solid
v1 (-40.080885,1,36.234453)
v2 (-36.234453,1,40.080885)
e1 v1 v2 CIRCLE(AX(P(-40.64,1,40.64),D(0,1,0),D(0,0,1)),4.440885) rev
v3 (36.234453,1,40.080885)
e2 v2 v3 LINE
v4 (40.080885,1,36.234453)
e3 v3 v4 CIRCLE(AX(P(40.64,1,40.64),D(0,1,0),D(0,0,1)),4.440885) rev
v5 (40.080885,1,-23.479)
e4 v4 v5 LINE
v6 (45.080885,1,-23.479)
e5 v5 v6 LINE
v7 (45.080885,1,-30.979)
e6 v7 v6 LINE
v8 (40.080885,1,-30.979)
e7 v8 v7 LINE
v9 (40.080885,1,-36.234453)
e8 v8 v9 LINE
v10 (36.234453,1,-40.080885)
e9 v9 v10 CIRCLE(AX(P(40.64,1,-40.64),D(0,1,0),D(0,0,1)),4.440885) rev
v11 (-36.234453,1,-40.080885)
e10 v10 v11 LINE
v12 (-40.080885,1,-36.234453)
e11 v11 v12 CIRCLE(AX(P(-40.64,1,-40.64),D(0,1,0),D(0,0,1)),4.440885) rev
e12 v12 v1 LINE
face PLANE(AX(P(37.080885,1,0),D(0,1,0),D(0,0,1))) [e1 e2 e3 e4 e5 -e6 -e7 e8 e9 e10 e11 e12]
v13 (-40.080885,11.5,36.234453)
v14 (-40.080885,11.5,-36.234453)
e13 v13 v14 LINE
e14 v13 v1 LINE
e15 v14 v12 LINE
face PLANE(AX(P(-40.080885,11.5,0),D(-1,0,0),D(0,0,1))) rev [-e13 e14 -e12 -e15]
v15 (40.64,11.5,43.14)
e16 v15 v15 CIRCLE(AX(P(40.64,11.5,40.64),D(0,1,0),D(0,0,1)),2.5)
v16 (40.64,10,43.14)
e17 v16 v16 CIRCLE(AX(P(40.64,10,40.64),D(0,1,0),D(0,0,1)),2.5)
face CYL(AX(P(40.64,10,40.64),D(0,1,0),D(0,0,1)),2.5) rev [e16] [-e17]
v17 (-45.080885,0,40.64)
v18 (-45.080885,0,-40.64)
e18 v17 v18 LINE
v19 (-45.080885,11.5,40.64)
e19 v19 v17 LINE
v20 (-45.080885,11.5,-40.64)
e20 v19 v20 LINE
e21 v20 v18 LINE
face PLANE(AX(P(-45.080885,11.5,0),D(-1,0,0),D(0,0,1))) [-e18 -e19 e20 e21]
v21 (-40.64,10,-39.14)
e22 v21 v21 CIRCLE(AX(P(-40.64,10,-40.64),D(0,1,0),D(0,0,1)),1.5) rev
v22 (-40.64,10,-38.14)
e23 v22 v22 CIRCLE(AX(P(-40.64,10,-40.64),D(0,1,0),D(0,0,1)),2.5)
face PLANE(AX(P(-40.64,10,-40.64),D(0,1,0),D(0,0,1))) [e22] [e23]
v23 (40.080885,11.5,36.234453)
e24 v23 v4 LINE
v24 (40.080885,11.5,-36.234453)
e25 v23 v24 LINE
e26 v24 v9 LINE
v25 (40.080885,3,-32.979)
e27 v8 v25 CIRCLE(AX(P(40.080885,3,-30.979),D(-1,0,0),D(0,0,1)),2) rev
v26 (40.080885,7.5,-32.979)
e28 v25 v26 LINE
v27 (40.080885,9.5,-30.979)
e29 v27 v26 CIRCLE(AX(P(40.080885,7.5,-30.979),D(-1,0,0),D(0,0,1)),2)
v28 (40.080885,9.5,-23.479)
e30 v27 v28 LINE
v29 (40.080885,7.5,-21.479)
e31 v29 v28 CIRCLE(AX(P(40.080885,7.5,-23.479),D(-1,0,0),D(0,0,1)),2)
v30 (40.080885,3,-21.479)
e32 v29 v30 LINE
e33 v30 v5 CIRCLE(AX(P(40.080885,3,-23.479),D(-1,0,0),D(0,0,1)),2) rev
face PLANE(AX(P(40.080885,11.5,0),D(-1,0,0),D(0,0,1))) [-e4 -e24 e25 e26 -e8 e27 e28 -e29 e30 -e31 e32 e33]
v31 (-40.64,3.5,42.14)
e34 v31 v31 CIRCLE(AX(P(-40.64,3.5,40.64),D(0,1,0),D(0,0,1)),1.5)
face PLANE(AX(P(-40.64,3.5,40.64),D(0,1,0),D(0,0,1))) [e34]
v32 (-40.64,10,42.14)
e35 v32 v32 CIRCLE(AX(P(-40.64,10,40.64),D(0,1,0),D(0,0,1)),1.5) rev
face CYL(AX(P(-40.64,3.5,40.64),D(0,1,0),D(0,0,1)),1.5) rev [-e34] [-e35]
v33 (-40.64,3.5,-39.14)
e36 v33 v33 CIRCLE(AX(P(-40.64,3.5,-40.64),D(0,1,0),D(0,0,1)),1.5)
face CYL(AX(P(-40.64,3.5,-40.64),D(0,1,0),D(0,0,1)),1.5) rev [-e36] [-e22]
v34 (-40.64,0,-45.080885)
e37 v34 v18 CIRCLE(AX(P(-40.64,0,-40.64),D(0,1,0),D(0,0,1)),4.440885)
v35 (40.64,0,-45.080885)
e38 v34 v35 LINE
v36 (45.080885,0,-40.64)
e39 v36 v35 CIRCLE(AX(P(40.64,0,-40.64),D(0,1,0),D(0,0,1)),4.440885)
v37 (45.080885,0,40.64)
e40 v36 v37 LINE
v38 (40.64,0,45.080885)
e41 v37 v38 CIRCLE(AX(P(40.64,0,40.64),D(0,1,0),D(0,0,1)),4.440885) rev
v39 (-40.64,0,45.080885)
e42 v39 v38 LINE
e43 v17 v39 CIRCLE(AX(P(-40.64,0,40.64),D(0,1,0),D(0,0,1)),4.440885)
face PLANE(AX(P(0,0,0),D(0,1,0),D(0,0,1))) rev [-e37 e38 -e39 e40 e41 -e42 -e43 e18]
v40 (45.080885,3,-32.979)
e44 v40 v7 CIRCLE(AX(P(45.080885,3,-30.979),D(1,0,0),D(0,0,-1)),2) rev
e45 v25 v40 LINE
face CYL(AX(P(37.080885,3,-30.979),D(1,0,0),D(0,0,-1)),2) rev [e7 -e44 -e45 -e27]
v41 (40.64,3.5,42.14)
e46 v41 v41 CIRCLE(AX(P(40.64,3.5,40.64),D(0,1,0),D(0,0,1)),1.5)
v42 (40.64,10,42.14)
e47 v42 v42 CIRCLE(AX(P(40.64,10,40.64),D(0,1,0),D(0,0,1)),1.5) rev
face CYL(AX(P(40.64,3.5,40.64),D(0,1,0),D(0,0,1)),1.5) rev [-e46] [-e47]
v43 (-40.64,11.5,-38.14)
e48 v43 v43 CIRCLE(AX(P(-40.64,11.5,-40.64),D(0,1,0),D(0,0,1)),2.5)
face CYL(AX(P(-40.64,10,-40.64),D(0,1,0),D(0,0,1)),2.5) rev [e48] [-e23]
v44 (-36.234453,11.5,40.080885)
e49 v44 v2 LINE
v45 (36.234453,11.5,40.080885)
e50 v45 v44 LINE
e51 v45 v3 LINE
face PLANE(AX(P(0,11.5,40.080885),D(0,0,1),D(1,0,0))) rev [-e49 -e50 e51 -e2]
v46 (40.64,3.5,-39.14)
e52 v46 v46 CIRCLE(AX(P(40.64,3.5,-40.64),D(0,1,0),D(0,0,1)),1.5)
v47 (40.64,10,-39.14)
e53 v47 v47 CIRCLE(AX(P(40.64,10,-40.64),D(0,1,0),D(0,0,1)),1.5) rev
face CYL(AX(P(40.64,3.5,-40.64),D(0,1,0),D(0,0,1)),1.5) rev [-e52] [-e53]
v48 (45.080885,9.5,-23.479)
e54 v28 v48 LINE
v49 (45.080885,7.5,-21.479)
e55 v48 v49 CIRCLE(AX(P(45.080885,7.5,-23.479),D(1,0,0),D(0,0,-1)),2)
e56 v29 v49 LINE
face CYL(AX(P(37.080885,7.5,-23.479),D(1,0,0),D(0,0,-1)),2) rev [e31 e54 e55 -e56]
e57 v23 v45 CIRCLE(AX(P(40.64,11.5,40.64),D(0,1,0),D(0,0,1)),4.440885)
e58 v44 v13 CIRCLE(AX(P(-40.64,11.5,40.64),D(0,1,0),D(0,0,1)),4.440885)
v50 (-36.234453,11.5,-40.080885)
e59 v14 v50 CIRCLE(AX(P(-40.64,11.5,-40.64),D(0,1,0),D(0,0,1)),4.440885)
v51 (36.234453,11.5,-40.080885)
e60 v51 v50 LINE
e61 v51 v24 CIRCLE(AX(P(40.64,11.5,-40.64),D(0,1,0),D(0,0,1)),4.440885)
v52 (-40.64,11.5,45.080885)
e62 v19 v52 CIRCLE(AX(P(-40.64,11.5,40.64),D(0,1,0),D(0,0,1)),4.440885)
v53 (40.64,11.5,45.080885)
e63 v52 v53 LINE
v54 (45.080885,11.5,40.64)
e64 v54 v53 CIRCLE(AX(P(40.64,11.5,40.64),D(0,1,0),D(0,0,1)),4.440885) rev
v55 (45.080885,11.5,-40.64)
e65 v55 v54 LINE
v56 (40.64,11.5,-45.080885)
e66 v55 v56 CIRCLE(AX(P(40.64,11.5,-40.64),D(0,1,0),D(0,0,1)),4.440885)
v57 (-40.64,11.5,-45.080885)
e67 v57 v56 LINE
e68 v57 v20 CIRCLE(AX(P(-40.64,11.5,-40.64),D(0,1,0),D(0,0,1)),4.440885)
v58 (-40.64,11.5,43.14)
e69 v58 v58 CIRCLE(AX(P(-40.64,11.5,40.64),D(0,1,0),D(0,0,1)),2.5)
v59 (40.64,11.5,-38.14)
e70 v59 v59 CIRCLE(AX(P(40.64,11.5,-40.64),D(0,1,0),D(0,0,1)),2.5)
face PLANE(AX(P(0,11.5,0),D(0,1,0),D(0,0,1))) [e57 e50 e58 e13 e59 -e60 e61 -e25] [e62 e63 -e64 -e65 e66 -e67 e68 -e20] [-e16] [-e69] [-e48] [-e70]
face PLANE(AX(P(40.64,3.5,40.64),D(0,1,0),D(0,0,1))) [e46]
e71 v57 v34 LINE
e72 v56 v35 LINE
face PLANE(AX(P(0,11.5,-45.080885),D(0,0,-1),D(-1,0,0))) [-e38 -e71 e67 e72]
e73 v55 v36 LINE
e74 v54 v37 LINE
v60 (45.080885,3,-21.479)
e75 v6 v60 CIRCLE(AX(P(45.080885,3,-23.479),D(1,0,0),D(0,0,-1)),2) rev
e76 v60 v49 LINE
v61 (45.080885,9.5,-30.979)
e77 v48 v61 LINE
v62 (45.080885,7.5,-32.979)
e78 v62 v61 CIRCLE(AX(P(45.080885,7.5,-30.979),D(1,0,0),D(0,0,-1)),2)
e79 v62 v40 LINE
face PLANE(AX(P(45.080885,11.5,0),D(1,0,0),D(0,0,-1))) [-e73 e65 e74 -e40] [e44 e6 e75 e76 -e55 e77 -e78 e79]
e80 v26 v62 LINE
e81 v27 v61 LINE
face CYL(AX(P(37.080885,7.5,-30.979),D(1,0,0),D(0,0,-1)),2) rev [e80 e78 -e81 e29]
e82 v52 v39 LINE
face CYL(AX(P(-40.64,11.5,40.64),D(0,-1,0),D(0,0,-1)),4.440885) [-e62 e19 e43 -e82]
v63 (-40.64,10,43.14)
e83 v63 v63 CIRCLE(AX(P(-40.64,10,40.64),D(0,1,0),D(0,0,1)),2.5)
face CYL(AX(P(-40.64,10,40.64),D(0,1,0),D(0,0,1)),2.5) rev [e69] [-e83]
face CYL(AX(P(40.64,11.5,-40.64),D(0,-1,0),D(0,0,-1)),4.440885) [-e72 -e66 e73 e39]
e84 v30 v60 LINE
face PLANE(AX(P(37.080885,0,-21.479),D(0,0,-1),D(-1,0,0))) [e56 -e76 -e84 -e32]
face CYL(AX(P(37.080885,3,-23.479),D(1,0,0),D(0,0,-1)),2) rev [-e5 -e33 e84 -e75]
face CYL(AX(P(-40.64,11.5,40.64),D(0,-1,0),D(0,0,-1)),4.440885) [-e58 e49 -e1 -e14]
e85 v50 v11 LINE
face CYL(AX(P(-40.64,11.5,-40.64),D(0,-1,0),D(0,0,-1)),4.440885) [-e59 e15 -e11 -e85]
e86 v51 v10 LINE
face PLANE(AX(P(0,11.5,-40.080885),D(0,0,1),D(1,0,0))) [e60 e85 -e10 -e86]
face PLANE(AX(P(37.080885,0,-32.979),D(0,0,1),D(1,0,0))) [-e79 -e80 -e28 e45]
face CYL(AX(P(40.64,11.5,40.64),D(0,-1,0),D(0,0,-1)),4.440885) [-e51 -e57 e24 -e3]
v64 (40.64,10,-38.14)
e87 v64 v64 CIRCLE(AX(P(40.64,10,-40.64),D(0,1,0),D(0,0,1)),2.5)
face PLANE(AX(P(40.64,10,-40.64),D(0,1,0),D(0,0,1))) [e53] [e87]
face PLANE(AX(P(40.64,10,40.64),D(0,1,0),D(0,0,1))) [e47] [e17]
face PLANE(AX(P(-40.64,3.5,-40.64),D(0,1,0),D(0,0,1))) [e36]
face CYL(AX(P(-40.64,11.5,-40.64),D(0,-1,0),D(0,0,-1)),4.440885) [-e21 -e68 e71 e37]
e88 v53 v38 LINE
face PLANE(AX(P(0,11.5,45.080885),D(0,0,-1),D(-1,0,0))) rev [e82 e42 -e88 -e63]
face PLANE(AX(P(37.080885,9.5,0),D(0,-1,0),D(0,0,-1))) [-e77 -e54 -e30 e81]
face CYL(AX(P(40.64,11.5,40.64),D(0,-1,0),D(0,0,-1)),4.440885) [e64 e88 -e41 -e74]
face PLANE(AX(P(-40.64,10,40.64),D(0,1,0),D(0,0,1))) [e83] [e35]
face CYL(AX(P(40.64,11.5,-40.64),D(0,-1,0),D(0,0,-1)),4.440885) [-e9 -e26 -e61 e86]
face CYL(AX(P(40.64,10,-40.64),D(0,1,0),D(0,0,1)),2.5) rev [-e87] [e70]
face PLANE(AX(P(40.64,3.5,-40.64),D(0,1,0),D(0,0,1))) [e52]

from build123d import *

# Parameters (mm, degrees)
SKETCH1_W           = 7.937979337
SKETCH1_H           = 0.559115352
BOSS_EXTRUDE1_DEPTH = 11.5
SKETCH2_R           = 1.5
CUT_EXTRUDE1_DEPTH  = 8
CUT_EXTRUDE2_DEPTH  = 8
SKETCH4_R           = 2.5
CUT_EXTRUDE3_DEPTH  = 1.5
BOSS_EXTRUDE2_DEPTH = 1


with BuildPart() as part:
    # Sketch1 → Boss-Extrude1 (new body)
    with BuildSketch(Plane(origin=(0, 0, 0), x_dir=(1, 0, 0), z_dir=(0, 1, 0))):
        with BuildLine():
            Line((-40.080884648, -36.23445276), (-40.080884648, 18.423402639))
            Line((-40.080884648, 18.423402639), (-40.64, 18.423402639))
            Line((-40.64, 18.423402639), (-40.64, -36.199115352))
            ThreePointArc((-40.64, -36.199115352), (-40.359884529, -36.207958509), (-40.080884648, -36.23445276))
        make_face()
        with BuildLine():
            Line((-40.080884648, 18.423402639), (-40.080884648, 36.23445276))
            ThreePointArc((-40.080884648, 36.23445276), (-40.359884529, 36.207958509), (-40.64, 36.199115352))
            Line((-40.64, 36.199115352), (-40.64, 18.423402639))
            Line((-40.64, 18.423402639), (-40.080884648, 18.423402639))
        make_face()
        with BuildLine():
            Line((-36.23445276, 40.080884648), (-7.937979337, 40.080884648))
            Line((-7.937979337, 40.080884648), (-7.937979337, 40.64))
            Line((-7.937979337, 40.64), (-36.199115352, 40.64))
            ThreePointArc((-36.199115352, 40.64), (-36.207958509, 40.359884529), (-36.23445276, 40.080884648))
        make_face()
        with BuildLine():
            Line((0, 40.64), (0, 40.080884648))
            Line((0, 40.080884648), (36.23445276, 40.080884648))
            ThreePointArc((36.23445276, 40.080884648), (36.207958509, 40.359884529), (36.199115352, 40.64))
            Line((36.199115352, 40.64), (0, 40.64))
        make_face()
        with Locations((-3.968989669, 40.360442324)):
            Rectangle(SKETCH1_W, SKETCH1_H)
        with BuildLine():
            ThreePointArc((40.64, 36.199115352), (40.359884529, 36.207958509), (40.080884648, 36.23445276))
            Line((40.080884648, 36.23445276), (40.080884648, 28.268480093))
            Line((40.080884648, 28.268480093), (40.64, 28.268480093))
            Line((40.64, 28.268480093), (40.64, 36.199115352))
        make_face()
        with BuildLine():
            Line((40.64, 28.268480093), (40.080884648, 28.268480093))
            Line((40.080884648, 28.268480093), (40.080884648, -36.23445276))
            ThreePointArc((40.080884648, -36.23445276), (40.359884529, -36.207958509), (40.64, -36.199115352))
            Line((40.64, -36.199115352), (40.64, 28.268480093))
        make_face()
        with BuildLine():
            ThreePointArc((40.64, -36.199115352), (40.359884529, -36.207958509), (40.080884648, -36.23445276))
            ThreePointArc((40.080884648, -36.23445276), (37.499820351, -37.499820351), (36.23445276, -40.080884648))
            ThreePointArc((36.23445276, -40.080884648), (36.207958509, -40.359884529), (36.199115352, -40.64))
            Line((36.199115352, -40.64), (40.64, -40.64))
            Line((40.64, -40.64), (40.64, -36.199115352))
        make_face()
        with BuildLine():
            ThreePointArc((45.080884648, -40.64), (43.780179649, -37.499820351), (40.64, -36.199115352))
            Line((40.64, -36.199115352), (40.64, -40.64))
            Line((40.64, -40.64), (36.199115352, -40.64))
            ThreePointArc((36.199115352, -40.64), (37.499820351, -43.780179649), (40.64, -45.080884648))
            ThreePointArc((40.64, -45.080884648), (43.780179649, -43.780179649), (45.080884648, -40.64))
        make_face()
        with BuildLine():
            ThreePointArc((36.199115352, -40.64), (36.207958509, -40.359884529), (36.23445276, -40.080884648))
            Line((36.23445276, -40.080884648), (27.085817246, -40.080884648))
            Line((27.085817246, -40.080884648), (27.085817246, -40.64))
            Line((27.085817246, -40.64), (36.199115352, -40.64))
        make_face()
        with BuildLine():
            Line((27.085817246, -40.080884648), (-36.23445276, -40.080884648))
            ThreePointArc((-36.23445276, -40.080884648), (-36.207958509, -40.359884529), (-36.199115352, -40.64))
            Line((-36.199115352, -40.64), (27.085817246, -40.64))
            Line((27.085817246, -40.64), (27.085817246, -40.080884648))
        make_face()
        with BuildLine():
            Line((-40.64, -40.64), (-40.64, -36.199115352))
            ThreePointArc((-40.64, -36.199115352), (-43.780179649, -37.499820351), (-45.080884648, -40.64))
            ThreePointArc((-45.080884648, -40.64), (-43.780179649, -43.780179649), (-40.64, -45.080884648))
            ThreePointArc((-40.64, -45.080884648), (-37.499820351, -43.780179649), (-36.199115352, -40.64))
            Line((-36.199115352, -40.64), (-40.64, -40.64))
        make_face()
        with BuildLine():
            ThreePointArc((-36.23445276, -40.080884648), (-37.499820351, -37.499820351), (-40.080884648, -36.23445276))
            ThreePointArc((-40.080884648, -36.23445276), (-40.359884529, -36.207958509), (-40.64, -36.199115352))
            Line((-40.64, -36.199115352), (-40.64, -40.64))
            Line((-40.64, -40.64), (-36.199115352, -40.64))
            ThreePointArc((-36.199115352, -40.64), (-36.207958509, -40.359884529), (-36.23445276, -40.080884648))
        make_face()
        with BuildLine():
            Line((-40.64, -40.64), (-40.64, -36.199115352))
            ThreePointArc((-40.64, -36.199115352), (-43.780179649, -37.499820351), (-45.080884648, -40.64))
            ThreePointArc((-45.080884648, -40.64), (-43.780179649, -43.780179649), (-40.64, -45.080884648))
            ThreePointArc((-40.64, -45.080884648), (-37.499820351, -43.780179649), (-36.199115352, -40.64))
            Line((-36.199115352, -40.64), (-40.64, -40.64))
        make_face()
        with BuildLine():
            Line((27.085817246, -40.64), (-36.199115352, -40.64))
            ThreePointArc((-36.199115352, -40.64), (-37.499820351, -43.780179649), (-40.64, -45.080884648))
            Line((-40.64, -45.080884648), (27.085817246, -45.080884648))
            Line((27.085817246, -45.080884648), (27.085817246, -40.64))
        make_face()
        with BuildLine():
            Line((-40.64, -36.199115352), (-40.64, 18.423402639))
            Line((-40.64, 18.423402639), (-45.080884648, 18.423402639))
            Line((-45.080884648, 18.423402639), (-45.080884648, -40.64))
            ThreePointArc((-45.080884648, -40.64), (-43.780179649, -37.499820351), (-40.64, -36.199115352))
        make_face()
        with BuildLine():
            ThreePointArc((45.080884648, -40.64), (43.780179649, -37.499820351), (40.64, -36.199115352))
            Line((40.64, -36.199115352), (40.64, -40.64))
            Line((40.64, -40.64), (36.199115352, -40.64))
            ThreePointArc((36.199115352, -40.64), (37.499820351, -43.780179649), (40.64, -45.080884648))
            ThreePointArc((40.64, -45.080884648), (43.780179649, -43.780179649), (45.080884648, -40.64))
        make_face()
        with BuildLine():
            ThreePointArc((40.64, -45.080884648), (37.499820351, -43.780179649), (36.199115352, -40.64))
            Line((36.199115352, -40.64), (27.085817246, -40.64))
            Line((27.085817246, -40.64), (27.085817246, -45.080884648))
            Line((27.085817246, -45.080884648), (40.64, -45.080884648))
        make_face()
        with BuildLine():
            Line((45.080884648, 28.268480093), (40.64, 28.268480093))
            Line((40.64, 28.268480093), (40.64, -36.199115352))
            ThreePointArc((40.64, -36.199115352), (43.780179649, -37.499820351), (45.080884648, -40.64))
            Line((45.080884648, -40.64), (45.080884648, 28.268480093))
        make_face()
        with BuildLine():
            ThreePointArc((45.080884648, 40.64), (43.780179649, 37.499820351), (40.64, 36.199115352))
            Line((40.64, 36.199115352), (40.64, 28.268480093))
            Line((40.64, 28.268480093), (45.080884648, 28.268480093))
            Line((45.080884648, 28.268480093), (45.080884648, 40.64))
        make_face()
        with BuildLine():
            ThreePointArc((40.64, 45.080884648), (37.499820351, 43.780179649), (36.199115352, 40.64))
            Line((36.199115352, 40.64), (40.64, 40.64))
            Line((40.64, 40.64), (40.64, 36.199115352))
            ThreePointArc((40.64, 36.199115352), (43.780179649, 37.499820351), (45.080884648, 40.64))
            ThreePointArc((45.080884648, 40.64), (43.780179649, 43.780179649), (40.64, 45.080884648))
        make_face()
        with BuildLine():
            ThreePointArc((36.199115352, 40.64), (36.207958509, 40.359884529), (36.23445276, 40.080884648))
            ThreePointArc((36.23445276, 40.080884648), (37.499820351, 37.499820351), (40.080884648, 36.23445276))
            ThreePointArc((40.080884648, 36.23445276), (40.359884529, 36.207958509), (40.64, 36.199115352))
            Line((40.64, 36.199115352), (40.64, 40.64))
            Line((40.64, 40.64), (36.199115352, 40.64))
        make_face()
        with BuildLine():
            ThreePointArc((40.64, 45.080884648), (37.499820351, 43.780179649), (36.199115352, 40.64))
            Line((36.199115352, 40.64), (40.64, 40.64))
            Line((40.64, 40.64), (40.64, 36.199115352))
            ThreePointArc((40.64, 36.199115352), (43.780179649, 37.499820351), (45.080884648, 40.64))
            ThreePointArc((45.080884648, 40.64), (43.780179649, 43.780179649), (40.64, 45.080884648))
        make_face()
        with BuildLine():
            Line((-7.937979337, 40.64), (0, 40.64))
            Line((0, 40.64), (36.199115352, 40.64))
            ThreePointArc((36.199115352, 40.64), (37.499820351, 43.780179649), (40.64, 45.080884648))
            Line((40.64, 45.080884648), (-7.937979337, 45.080884648))
            Line((-7.937979337, 45.080884648), (-7.937979337, 40.64))
        make_face()
        with BuildLine():
            Line((-36.199115352, 40.64), (-7.937979337, 40.64))
            Line((-7.937979337, 40.64), (-7.937979337, 45.080884648))
            Line((-7.937979337, 45.080884648), (-40.64, 45.080884648))
            ThreePointArc((-40.64, 45.080884648), (-37.499820351, 43.780179649), (-36.199115352, 40.64))
        make_face()
        with BuildLine():
            Line((-40.64, 40.64), (-36.199115352, 40.64))
            ThreePointArc((-36.199115352, 40.64), (-37.499820351, 43.780179649), (-40.64, 45.080884648))
            ThreePointArc((-40.64, 45.080884648), (-43.780179649, 43.780179649), (-45.080884648, 40.64))
            ThreePointArc((-45.080884648, 40.64), (-43.780179649, 37.499820351), (-40.64, 36.199115352))
            Line((-40.64, 36.199115352), (-40.64, 40.64))
        make_face()
        with BuildLine():
            ThreePointArc((-40.080884648, 36.23445276), (-37.499820351, 37.499820351), (-36.23445276, 40.080884648))
            ThreePointArc((-36.23445276, 40.080884648), (-36.207958509, 40.359884529), (-36.199115352, 40.64))
            Line((-36.199115352, 40.64), (-40.64, 40.64))
            Line((-40.64, 40.64), (-40.64, 36.199115352))
            ThreePointArc((-40.64, 36.199115352), (-40.359884529, 36.207958509), (-40.080884648, 36.23445276))
        make_face()
        with BuildLine():
            Line((-40.64, 40.64), (-36.199115352, 40.64))
            ThreePointArc((-36.199115352, 40.64), (-37.499820351, 43.780179649), (-40.64, 45.080884648))
            ThreePointArc((-40.64, 45.080884648), (-43.780179649, 43.780179649), (-45.080884648, 40.64))
            ThreePointArc((-45.080884648, 40.64), (-43.780179649, 37.499820351), (-40.64, 36.199115352))
            Line((-40.64, 36.199115352), (-40.64, 40.64))
        make_face()
        with BuildLine():
            Line((-40.64, 18.423402639), (-40.64, 36.199115352))
            ThreePointArc((-40.64, 36.199115352), (-43.780179649, 37.499820351), (-45.080884648, 40.64))
            Line((-45.080884648, 40.64), (-45.080884648, 18.423402639))
            Line((-45.080884648, 18.423402639), (-40.64, 18.423402639))
        make_face()
    extrude(amount=BOSS_EXTRUDE1_DEPTH)

    # Sketch2 → Cut-Extrude1 (cut)
    with BuildSketch(Plane(origin=(0, 11.5, 0), x_dir=(1, 0, 0), z_dir=(0, 1, 0))):
        with Locations((-40.64, 40.64)):
            Circle(SKETCH2_R)
        with Locations((40.64, 40.64)):
            Circle(SKETCH2_R)
        with Locations((40.64, -40.64)):
            Circle(SKETCH2_R)
        with Locations((-40.64, -40.64)):
            Circle(SKETCH2_R)
    extrude(amount=-CUT_EXTRUDE1_DEPTH, mode=Mode.SUBTRACT)

    # Sketch3 → Cut-Extrude2 (cut)
    with BuildSketch(Plane(origin=(45.080884648, 0, 0), x_dir=(0, 0, -1), z_dir=(1, 0, 0))):
        with BuildLine():
            Line((30.979, 9.5), (23.479, 9.5))
            ThreePointArc((23.479, 9.5), (22.064786438, 8.914213562), (21.479, 7.5))
            Line((21.479, 7.5), (21.479, 3))
            ThreePointArc((21.479, 3), (22.064786438, 1.585786438), (23.479, 1))
            Line((23.479, 1), (30.979, 1))
            ThreePointArc((30.979, 1), (32.393213562, 1.585786438), (32.979, 3))
            Line((32.979, 3), (32.979, 7.5))
            ThreePointArc((32.979, 7.5), (32.393213562, 8.914213562), (30.979, 9.5))
        make_face()
    extrude(amount=-CUT_EXTRUDE2_DEPTH, mode=Mode.SUBTRACT)

    # Sketch4 → Cut-Extrude3 (cut)
    with BuildSketch(Plane(origin=(0, 11.5, 0), x_dir=(1, 0, 0), z_dir=(0, 1, 0))):
        with Locations((-40.64, 40.64)):
            Circle(SKETCH4_R)
        with Locations((40.64, 40.64)):
            Circle(SKETCH4_R)
        with Locations((40.64, -40.64)):
            Circle(SKETCH4_R)
        with Locations((-40.64, -40.64)):
            Circle(SKETCH4_R)
    extrude(amount=-CUT_EXTRUDE3_DEPTH, mode=Mode.SUBTRACT)

    # Sketch5 → Boss-Extrude2 (add)
    with BuildSketch(Plane.XZ):
        with BuildLine():
            ThreePointArc((36.23445276, 40.080884648), (37.499820351, 37.499820351), (40.080884648, 36.23445276))
            Line((40.080884648, 36.23445276), (40.080884648, -36.23445276))
            ThreePointArc((40.080884648, -36.23445276), (37.499820351, -37.499820351), (36.23445276, -40.080884648))
            Line((36.23445276, -40.080884648), (-36.23445276, -40.080884648))
            ThreePointArc((-36.23445276, -40.080884648), (-37.499820351, -37.499820351), (-40.080884648, -36.23445276))
            Line((-40.080884648, -36.23445276), (-40.080884648, 36.23445276))
            ThreePointArc((-40.080884648, 36.23445276), (-37.499820351, 37.499820351), (-36.23445276, 40.080884648))
            Line((-36.23445276, 40.080884648), (36.23445276, 40.080884648))
        make_face()
    extrude(amount=-BOSS_EXTRUDE2_DEPTH)


solid = part.part
